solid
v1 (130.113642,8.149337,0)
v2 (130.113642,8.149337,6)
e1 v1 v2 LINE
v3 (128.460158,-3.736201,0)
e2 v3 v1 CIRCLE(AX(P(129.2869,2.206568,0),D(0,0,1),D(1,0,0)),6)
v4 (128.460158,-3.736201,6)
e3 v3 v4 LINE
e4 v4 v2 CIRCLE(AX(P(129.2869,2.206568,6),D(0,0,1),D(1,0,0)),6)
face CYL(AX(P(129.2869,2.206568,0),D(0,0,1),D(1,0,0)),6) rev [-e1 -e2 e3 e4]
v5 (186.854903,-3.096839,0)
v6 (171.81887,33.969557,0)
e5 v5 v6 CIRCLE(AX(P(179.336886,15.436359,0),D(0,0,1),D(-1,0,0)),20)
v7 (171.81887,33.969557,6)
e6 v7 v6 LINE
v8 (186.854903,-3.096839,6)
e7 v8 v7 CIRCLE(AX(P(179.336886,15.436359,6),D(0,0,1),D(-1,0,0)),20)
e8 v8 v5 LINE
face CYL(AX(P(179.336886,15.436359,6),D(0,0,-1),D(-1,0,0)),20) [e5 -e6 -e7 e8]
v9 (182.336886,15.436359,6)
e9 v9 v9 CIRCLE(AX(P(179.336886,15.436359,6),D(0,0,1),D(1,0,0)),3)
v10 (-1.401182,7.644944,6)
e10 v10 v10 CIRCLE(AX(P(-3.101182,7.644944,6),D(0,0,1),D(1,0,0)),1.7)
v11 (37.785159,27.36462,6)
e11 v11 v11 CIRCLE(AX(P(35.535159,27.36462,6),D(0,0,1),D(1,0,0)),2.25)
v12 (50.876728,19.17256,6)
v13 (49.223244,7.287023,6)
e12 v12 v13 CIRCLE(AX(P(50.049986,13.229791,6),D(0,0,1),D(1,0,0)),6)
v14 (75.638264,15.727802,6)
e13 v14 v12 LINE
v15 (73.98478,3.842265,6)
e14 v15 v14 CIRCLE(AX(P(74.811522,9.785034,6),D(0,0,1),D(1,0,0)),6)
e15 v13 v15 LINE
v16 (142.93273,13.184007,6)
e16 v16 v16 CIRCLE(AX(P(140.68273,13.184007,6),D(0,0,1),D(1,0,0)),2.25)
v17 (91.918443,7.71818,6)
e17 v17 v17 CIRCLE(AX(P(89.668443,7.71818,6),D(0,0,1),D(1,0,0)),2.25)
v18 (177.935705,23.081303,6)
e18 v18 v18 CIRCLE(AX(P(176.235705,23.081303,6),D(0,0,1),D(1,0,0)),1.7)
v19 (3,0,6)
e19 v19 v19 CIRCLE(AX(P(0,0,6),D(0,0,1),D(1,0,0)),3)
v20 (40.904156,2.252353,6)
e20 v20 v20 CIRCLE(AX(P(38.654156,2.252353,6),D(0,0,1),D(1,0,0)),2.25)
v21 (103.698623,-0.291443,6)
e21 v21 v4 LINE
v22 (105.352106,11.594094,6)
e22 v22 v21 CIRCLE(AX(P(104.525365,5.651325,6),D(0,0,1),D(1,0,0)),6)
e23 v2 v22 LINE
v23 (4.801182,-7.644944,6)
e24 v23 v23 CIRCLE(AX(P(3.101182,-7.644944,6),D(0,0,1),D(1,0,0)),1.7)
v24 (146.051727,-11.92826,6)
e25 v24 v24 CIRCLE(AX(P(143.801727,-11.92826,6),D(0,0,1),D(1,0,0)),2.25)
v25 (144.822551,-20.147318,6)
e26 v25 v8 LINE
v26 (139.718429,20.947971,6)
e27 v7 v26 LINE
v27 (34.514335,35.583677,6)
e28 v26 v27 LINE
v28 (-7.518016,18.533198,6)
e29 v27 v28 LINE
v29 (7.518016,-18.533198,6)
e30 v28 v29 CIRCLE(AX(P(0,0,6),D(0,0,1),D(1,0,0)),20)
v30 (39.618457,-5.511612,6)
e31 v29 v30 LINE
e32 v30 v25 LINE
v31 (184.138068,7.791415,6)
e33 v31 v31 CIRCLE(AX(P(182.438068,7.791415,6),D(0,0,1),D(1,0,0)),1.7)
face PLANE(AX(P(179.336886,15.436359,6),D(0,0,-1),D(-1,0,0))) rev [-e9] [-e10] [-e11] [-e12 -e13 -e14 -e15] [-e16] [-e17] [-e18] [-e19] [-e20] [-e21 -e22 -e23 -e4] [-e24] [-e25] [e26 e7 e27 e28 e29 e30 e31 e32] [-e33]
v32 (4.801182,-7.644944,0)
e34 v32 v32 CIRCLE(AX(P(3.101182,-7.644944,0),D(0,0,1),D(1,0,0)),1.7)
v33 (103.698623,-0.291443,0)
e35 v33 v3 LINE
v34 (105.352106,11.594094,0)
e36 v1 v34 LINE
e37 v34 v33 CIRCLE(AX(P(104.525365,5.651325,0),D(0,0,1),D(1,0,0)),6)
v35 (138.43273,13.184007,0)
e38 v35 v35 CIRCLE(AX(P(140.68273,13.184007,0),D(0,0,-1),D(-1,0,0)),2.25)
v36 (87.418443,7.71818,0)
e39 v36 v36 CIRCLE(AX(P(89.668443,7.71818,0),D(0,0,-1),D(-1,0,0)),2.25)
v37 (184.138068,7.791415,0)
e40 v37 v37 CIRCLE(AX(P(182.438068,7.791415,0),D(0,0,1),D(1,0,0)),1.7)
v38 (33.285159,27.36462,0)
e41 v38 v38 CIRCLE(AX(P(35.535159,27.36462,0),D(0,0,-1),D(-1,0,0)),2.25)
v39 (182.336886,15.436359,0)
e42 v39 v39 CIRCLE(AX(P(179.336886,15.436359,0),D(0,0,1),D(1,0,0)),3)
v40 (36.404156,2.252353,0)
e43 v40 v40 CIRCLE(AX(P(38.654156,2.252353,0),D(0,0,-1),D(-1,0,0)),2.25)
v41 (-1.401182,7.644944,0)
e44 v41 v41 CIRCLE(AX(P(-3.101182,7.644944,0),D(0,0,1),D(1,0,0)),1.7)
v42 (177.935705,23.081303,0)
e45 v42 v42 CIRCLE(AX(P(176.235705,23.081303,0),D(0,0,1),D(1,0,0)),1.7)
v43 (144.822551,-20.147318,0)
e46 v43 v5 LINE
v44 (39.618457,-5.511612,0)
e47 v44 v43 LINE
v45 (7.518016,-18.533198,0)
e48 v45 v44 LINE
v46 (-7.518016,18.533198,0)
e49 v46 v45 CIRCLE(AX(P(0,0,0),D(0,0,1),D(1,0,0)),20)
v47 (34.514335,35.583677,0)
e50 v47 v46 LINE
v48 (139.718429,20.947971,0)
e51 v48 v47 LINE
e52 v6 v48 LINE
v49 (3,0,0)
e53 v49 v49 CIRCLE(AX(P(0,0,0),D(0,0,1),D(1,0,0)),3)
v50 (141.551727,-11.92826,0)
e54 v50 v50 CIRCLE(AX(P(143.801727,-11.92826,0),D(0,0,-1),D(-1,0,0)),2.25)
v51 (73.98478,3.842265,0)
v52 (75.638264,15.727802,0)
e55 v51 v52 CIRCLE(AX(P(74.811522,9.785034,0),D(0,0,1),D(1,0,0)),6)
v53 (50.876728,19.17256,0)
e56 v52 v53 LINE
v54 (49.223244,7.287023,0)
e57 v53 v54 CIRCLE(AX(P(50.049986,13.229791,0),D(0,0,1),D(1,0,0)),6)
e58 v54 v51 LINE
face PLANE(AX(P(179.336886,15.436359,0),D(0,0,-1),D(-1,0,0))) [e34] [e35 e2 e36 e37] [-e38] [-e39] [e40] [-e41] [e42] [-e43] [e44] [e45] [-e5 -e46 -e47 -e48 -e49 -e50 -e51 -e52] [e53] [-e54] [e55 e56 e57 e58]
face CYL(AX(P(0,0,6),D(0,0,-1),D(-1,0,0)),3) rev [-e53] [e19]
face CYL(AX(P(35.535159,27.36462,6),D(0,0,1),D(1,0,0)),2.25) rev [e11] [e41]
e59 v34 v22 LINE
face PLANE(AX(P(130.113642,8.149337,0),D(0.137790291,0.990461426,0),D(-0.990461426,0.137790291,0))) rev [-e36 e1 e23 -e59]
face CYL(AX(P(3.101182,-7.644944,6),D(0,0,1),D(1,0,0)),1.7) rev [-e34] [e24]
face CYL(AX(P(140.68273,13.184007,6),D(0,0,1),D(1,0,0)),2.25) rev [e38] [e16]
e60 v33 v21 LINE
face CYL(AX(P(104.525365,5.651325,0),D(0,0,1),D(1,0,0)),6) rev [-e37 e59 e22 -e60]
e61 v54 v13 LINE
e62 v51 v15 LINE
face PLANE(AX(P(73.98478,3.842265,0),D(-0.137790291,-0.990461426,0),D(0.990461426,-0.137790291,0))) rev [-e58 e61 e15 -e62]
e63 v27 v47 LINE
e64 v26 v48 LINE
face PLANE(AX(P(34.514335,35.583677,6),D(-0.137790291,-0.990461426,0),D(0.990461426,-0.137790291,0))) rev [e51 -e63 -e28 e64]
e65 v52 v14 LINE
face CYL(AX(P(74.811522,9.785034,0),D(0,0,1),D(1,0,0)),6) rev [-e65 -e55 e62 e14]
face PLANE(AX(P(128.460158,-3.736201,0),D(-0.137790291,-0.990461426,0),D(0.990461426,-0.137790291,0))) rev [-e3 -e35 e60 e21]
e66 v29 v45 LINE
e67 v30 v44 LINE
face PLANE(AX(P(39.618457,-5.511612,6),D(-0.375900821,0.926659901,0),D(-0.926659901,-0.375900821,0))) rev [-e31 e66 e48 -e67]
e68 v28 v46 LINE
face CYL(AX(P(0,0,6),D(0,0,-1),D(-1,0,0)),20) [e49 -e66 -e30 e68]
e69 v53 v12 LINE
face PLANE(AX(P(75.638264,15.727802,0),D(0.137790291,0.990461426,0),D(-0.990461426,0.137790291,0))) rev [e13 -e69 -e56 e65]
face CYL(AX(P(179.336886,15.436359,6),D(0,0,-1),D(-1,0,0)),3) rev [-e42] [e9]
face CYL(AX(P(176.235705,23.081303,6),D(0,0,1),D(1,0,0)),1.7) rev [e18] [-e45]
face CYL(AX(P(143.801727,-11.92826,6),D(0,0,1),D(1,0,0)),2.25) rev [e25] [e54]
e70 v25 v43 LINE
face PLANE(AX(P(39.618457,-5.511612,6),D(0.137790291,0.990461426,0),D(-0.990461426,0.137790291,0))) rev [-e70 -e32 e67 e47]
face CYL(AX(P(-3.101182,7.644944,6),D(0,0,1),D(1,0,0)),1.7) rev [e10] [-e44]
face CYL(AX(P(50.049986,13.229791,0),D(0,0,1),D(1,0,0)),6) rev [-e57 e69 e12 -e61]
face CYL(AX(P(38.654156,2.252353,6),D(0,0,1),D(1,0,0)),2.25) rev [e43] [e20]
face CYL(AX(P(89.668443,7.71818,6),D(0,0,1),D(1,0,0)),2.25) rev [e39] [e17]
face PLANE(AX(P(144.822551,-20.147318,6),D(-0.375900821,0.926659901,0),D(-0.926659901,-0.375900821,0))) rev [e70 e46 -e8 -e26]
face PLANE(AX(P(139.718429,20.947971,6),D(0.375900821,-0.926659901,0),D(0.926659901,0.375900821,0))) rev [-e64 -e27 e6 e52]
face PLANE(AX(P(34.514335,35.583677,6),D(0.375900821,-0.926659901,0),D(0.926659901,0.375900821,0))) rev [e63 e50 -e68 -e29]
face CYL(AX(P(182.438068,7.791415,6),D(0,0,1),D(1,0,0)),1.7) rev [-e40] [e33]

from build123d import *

# Parameters (mm, degrees)
SKETCH1_R                = 3
BOSS_EXTRUDE2_DEPTH      = 6
M4_CLEARANCE_HOLE1_D     = 4.5
M4_CLEARANCE_HOLE1_DEPTH = 84
M4_CLEARANCE_HOLE1_TIP   = 1.351936393
CUT_EXTRUDE1_DEPTH       = 203.576880123
M3_CLEARANCE_HOLE1_D     = 3.4


with BuildPart() as part:
    # Sketch1 → Boss-Extrude2 (new body)
    with BuildSketch(Plane.XY):
        with BuildLine():
            Line((139.718429351, 20.947970782), (171.818869964, 33.969557183))
            ThreePointArc((171.818869964, 33.969557183), (197.870084408, 22.954375569), (186.854902793, -3.096838875))
            Line((186.854902793, -3.096838875), (144.82255129, -20.147318131))
            Line((144.82255129, -20.147318131), (39.618457028, -5.511611627))
            Line((39.618457028, -5.511611627), (7.518016414, -18.533198029))
            ThreePointArc((7.518016414, -18.533198029), (-18.533198029, -7.518016414), (-7.518016414, 18.533198029))
            Line((-7.518016414, 18.533198029), (34.514335089, 35.583677285))
            Line((34.514335089, 35.583677285), (139.718429351, 20.947970782))
        make_face()
        with Locations((179.336886379, 15.436359154)):
            Circle(SKETCH1_R, mode=Mode.SUBTRACT)
        Circle(SKETCH1_R, mode=Mode.SUBTRACT)
    extrude(amount=BOSS_EXTRUDE2_DEPTH)

    # M4 Clearance Hole1
    with Locations(Plane(origin=(35.535159477, 27.364619503, 6), x_dir=(1, 0, 0), z_dir=(0, 0, 1))):
        with Locations((0, 0), (108.266567425, -39.292879851), (3.118996753, -25.112266952), (105.147570672, -14.1806129), (54.133283712, -19.646439926)):
            Hole(M4_CLEARANCE_HOLE1_D / 2, depth=M4_CLEARANCE_HOLE1_DEPTH)
            with Locations((0, 0, -(M4_CLEARANCE_HOLE1_DEPTH + M4_CLEARANCE_HOLE1_TIP / 2))):  # 118° drill point
                Cone(0, M4_CLEARANCE_HOLE1_D / 2, M4_CLEARANCE_HOLE1_TIP, mode=Mode.SUBTRACT)

    # Sketch5 → Cut-Extrude1 (cut, through all)
    with BuildSketch(Plane.XY.offset(6)):
        with BuildLine():
            Line((128.460158473, -3.736200604), (103.698622831, -0.291443337))
            ThreePointArc((103.698622831, -0.291443337), (98.582596021, 6.478066961), (105.352106319, 11.594093771))
            Line((105.352106319, 11.594093771), (130.113641961, 8.149336504))
            ThreePointArc((130.113641961, 8.149336504), (135.229668771, 1.379826206), (128.460158473, -3.736200604))
        make_face()
        with BuildLine():
            Line((73.98478006, 3.842265383), (49.223244417, 7.28702265))
            ThreePointArc((49.223244417, 7.28702265), (44.107217607, 14.056532949), (50.876727906, 19.172559759))
            Line((50.876727906, 19.172559759), (75.638263548, 15.727802492))
            ThreePointArc((75.638263548, 15.727802492), (80.754290358, 8.958292193), (73.98478006, 3.842265383))
        make_face()
    extrude(amount=-CUT_EXTRUDE1_DEPTH, mode=Mode.SUBTRACT)

    # M3 Clearance Hole1 (through all)
    with Locations(Plane(origin=(182.43806815, 7.791414967, 6), x_dir=(1, 0, 0), z_dir=(0, 0, 1))):
        with Locations((0, 0), (-6.202363542, 15.289888374), (-185.539249921, -0.14647078), (-179.336886379, -15.436359154)):
            Hole(M3_CLEARANCE_HOLE1_D / 2)


solid = part.part
